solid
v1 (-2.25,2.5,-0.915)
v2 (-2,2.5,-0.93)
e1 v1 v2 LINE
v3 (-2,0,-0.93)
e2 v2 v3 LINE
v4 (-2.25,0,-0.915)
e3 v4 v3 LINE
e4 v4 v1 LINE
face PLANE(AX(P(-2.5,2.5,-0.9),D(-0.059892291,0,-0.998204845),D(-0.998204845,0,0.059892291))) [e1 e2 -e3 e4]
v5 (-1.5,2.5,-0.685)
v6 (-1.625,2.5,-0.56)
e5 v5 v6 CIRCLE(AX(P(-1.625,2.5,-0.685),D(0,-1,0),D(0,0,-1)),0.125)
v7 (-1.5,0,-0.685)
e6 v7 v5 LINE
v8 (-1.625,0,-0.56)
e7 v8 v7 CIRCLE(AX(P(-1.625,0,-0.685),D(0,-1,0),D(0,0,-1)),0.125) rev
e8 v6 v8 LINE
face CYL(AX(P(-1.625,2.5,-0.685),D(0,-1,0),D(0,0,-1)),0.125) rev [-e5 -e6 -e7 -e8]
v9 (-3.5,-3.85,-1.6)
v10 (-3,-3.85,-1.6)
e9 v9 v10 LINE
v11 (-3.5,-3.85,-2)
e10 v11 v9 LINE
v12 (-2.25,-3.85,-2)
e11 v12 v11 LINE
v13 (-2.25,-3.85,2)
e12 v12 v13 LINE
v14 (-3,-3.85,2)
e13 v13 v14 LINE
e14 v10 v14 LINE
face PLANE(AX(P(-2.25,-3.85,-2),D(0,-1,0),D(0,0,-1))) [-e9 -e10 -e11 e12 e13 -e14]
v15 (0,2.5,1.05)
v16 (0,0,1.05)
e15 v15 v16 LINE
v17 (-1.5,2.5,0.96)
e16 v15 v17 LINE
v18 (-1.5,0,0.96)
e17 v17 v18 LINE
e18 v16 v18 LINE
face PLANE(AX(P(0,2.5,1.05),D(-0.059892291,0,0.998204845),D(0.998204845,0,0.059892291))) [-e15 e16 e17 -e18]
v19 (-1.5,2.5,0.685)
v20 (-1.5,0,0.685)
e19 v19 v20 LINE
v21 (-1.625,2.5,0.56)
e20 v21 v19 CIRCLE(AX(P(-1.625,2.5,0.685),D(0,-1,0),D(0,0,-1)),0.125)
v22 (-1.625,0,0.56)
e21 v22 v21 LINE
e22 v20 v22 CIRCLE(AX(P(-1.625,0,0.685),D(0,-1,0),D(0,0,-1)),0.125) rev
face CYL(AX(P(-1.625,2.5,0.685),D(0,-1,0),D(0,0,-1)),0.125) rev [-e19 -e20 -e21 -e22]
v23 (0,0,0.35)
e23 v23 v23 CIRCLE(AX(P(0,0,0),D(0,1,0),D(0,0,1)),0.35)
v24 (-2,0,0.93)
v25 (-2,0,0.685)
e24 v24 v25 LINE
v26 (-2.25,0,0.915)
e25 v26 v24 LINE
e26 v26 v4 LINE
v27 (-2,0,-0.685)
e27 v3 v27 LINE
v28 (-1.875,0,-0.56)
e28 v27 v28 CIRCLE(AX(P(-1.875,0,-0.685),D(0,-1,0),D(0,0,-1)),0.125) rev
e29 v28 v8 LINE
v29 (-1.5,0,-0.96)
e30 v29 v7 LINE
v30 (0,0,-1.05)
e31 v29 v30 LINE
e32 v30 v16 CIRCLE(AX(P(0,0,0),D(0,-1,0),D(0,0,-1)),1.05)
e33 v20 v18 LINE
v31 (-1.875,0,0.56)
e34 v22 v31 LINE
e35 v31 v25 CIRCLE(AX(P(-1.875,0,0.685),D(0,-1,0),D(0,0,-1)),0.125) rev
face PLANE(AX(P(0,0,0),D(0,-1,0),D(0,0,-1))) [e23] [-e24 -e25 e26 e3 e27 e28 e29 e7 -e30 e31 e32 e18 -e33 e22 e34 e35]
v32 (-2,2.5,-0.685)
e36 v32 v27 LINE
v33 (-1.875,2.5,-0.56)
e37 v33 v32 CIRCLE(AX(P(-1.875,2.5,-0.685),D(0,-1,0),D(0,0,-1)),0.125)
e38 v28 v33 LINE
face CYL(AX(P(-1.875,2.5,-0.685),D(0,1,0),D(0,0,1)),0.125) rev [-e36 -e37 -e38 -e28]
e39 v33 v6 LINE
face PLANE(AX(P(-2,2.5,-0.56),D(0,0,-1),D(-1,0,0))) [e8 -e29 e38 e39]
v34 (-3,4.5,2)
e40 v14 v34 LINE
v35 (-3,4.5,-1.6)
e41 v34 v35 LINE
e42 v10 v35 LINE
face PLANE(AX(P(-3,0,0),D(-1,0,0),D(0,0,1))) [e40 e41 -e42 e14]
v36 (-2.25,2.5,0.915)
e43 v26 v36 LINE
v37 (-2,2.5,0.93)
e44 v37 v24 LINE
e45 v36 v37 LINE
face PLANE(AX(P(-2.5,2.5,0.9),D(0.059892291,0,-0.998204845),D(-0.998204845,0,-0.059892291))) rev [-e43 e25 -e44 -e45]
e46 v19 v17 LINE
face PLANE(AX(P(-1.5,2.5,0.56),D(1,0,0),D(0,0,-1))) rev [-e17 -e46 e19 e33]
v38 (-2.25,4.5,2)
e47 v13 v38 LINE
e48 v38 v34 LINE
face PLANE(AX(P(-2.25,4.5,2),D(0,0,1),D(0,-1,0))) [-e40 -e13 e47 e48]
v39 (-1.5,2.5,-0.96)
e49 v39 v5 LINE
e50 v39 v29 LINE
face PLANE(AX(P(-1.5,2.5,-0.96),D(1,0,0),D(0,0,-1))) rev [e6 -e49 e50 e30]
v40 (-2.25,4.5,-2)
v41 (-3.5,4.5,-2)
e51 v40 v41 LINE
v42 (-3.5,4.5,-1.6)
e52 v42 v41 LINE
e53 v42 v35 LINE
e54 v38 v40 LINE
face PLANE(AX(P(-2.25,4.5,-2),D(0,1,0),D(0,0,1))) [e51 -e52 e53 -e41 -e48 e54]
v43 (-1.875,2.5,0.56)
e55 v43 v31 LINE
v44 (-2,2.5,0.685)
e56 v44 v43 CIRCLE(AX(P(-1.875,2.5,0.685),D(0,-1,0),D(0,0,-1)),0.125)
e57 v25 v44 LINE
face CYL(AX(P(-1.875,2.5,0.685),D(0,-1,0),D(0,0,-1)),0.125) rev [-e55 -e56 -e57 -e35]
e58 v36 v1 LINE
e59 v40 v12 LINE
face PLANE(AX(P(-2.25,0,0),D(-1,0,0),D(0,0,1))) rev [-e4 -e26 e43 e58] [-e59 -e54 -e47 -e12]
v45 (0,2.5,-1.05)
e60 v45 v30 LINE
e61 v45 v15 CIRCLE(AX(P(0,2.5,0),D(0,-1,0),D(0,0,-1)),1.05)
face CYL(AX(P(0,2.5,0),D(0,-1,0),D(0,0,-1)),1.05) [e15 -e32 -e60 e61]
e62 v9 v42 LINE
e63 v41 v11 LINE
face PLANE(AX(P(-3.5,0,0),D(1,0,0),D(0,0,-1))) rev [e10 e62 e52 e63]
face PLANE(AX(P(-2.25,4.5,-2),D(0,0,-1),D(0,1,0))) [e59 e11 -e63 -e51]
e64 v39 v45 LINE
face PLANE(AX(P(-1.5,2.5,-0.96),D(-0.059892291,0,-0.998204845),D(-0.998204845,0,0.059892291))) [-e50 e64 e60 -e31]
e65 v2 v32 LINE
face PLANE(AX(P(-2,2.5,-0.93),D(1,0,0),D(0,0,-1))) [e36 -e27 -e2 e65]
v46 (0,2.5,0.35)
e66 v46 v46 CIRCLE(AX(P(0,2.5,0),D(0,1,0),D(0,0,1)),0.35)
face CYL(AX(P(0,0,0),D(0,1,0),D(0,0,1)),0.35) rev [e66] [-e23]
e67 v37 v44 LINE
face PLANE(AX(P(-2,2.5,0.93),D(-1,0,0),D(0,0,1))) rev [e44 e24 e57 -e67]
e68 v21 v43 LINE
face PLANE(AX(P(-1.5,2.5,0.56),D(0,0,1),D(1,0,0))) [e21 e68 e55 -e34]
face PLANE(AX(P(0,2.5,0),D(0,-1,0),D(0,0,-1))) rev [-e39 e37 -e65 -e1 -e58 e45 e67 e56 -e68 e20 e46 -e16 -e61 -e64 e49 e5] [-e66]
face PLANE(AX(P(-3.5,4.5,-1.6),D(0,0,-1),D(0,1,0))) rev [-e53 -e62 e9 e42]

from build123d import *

# Parameters (mm, degrees)
BOSS_EXTRUDE1_DEPTH      = 2.5
SKETCH4_R                = 0.35
THROUGH_HOLES_DEPTH      = 4.688156721
FILLET1_R                = 0.125
BOSS_EXTRUDE4_DEPTH      = 0.5
BOSS_EXTRUDE4_DEPTH_BACK = 0.25
SKETCH11_W               = 4
SKETCH11_H               = 8.35
SKETCH12_W               = 0.4
SKETCH12_H               = 8.35
BOSS_EXTRUDE5_DEPTH      = 0.5


with BuildPart() as part:
    # Sketch3 → Boss-Extrude1 (new body)
    with BuildSketch(Plane(origin=(0, 0, 0), x_dir=(1, 0, 0), z_dir=(0, 1, 0))):
        with BuildLine():
            Line((-2.5, 0.9), (-2, 0.93))
            Line((-2, 0.93), (-2, 0.56))
            Line((-2, 0.56), (-1.5, 0.56))
            Line((-1.5, 0.56), (-1.5, 0.96))
            Line((-1.5, 0.96), (0, 1.05))
            ThreePointArc((0, 1.05), (1.05, 0), (0, -1.05))
            Line((0, -1.05), (-1.5, -0.96))
            Line((-1.5, -0.96), (-1.5, -0.56))
            Line((-1.5, -0.56), (-2, -0.56))
            Line((-2, -0.56), (-2, -0.93))
            Line((-2, -0.93), (-2.5, -0.9))
            Line((-2.5, -0.9), (-2.5, 0.9))
        make_face()
    extrude(amount=BOSS_EXTRUDE1_DEPTH)

    # Sketch4 → Through Holes (cut, through all)
    with BuildSketch(Plane(origin=(0, 2.5, 0), x_dir=(1, 0, 0), z_dir=(0, 1, 0))):
        with Locations(Location((0, 0, 0), (0, 0, 270))):
            Circle(SKETCH4_R)
    extrude(amount=-THROUGH_HOLES_DEPTH, mode=Mode.SUBTRACT)

    # Fillet1
    fillet1_edges = [part.edges().sort_by_distance(p)[0] for p in [
        (-2, 1.25, -0.56),
        (-1.5, 1.25, -0.56),
        (-1.5, 1.25, 0.56),
        (-2, 1.25, 0.56),
    ]]
    fillet(fillet1_edges, radius=FILLET1_R)

    # Sketch11 → Boss-Extrude4 (add, two sides: drawn at the far end of the back side and taken through both)
    with BuildSketch(Plane.ZY.offset(2.5).offset(-BOSS_EXTRUDE4_DEPTH_BACK)):
        with Locations((0, 0.325)):
            Rectangle(SKETCH11_W, SKETCH11_H)
    extrude(amount=BOSS_EXTRUDE4_DEPTH + BOSS_EXTRUDE4_DEPTH_BACK)

    # Sketch12 → Boss-Extrude5 (add)
    with BuildSketch(Plane.ZY.offset(3)):
        with Locations((-1.8, 0.325)):
            Rectangle(SKETCH12_W, SKETCH12_H)
    extrude(amount=BOSS_EXTRUDE5_DEPTH)


solid = part.part
